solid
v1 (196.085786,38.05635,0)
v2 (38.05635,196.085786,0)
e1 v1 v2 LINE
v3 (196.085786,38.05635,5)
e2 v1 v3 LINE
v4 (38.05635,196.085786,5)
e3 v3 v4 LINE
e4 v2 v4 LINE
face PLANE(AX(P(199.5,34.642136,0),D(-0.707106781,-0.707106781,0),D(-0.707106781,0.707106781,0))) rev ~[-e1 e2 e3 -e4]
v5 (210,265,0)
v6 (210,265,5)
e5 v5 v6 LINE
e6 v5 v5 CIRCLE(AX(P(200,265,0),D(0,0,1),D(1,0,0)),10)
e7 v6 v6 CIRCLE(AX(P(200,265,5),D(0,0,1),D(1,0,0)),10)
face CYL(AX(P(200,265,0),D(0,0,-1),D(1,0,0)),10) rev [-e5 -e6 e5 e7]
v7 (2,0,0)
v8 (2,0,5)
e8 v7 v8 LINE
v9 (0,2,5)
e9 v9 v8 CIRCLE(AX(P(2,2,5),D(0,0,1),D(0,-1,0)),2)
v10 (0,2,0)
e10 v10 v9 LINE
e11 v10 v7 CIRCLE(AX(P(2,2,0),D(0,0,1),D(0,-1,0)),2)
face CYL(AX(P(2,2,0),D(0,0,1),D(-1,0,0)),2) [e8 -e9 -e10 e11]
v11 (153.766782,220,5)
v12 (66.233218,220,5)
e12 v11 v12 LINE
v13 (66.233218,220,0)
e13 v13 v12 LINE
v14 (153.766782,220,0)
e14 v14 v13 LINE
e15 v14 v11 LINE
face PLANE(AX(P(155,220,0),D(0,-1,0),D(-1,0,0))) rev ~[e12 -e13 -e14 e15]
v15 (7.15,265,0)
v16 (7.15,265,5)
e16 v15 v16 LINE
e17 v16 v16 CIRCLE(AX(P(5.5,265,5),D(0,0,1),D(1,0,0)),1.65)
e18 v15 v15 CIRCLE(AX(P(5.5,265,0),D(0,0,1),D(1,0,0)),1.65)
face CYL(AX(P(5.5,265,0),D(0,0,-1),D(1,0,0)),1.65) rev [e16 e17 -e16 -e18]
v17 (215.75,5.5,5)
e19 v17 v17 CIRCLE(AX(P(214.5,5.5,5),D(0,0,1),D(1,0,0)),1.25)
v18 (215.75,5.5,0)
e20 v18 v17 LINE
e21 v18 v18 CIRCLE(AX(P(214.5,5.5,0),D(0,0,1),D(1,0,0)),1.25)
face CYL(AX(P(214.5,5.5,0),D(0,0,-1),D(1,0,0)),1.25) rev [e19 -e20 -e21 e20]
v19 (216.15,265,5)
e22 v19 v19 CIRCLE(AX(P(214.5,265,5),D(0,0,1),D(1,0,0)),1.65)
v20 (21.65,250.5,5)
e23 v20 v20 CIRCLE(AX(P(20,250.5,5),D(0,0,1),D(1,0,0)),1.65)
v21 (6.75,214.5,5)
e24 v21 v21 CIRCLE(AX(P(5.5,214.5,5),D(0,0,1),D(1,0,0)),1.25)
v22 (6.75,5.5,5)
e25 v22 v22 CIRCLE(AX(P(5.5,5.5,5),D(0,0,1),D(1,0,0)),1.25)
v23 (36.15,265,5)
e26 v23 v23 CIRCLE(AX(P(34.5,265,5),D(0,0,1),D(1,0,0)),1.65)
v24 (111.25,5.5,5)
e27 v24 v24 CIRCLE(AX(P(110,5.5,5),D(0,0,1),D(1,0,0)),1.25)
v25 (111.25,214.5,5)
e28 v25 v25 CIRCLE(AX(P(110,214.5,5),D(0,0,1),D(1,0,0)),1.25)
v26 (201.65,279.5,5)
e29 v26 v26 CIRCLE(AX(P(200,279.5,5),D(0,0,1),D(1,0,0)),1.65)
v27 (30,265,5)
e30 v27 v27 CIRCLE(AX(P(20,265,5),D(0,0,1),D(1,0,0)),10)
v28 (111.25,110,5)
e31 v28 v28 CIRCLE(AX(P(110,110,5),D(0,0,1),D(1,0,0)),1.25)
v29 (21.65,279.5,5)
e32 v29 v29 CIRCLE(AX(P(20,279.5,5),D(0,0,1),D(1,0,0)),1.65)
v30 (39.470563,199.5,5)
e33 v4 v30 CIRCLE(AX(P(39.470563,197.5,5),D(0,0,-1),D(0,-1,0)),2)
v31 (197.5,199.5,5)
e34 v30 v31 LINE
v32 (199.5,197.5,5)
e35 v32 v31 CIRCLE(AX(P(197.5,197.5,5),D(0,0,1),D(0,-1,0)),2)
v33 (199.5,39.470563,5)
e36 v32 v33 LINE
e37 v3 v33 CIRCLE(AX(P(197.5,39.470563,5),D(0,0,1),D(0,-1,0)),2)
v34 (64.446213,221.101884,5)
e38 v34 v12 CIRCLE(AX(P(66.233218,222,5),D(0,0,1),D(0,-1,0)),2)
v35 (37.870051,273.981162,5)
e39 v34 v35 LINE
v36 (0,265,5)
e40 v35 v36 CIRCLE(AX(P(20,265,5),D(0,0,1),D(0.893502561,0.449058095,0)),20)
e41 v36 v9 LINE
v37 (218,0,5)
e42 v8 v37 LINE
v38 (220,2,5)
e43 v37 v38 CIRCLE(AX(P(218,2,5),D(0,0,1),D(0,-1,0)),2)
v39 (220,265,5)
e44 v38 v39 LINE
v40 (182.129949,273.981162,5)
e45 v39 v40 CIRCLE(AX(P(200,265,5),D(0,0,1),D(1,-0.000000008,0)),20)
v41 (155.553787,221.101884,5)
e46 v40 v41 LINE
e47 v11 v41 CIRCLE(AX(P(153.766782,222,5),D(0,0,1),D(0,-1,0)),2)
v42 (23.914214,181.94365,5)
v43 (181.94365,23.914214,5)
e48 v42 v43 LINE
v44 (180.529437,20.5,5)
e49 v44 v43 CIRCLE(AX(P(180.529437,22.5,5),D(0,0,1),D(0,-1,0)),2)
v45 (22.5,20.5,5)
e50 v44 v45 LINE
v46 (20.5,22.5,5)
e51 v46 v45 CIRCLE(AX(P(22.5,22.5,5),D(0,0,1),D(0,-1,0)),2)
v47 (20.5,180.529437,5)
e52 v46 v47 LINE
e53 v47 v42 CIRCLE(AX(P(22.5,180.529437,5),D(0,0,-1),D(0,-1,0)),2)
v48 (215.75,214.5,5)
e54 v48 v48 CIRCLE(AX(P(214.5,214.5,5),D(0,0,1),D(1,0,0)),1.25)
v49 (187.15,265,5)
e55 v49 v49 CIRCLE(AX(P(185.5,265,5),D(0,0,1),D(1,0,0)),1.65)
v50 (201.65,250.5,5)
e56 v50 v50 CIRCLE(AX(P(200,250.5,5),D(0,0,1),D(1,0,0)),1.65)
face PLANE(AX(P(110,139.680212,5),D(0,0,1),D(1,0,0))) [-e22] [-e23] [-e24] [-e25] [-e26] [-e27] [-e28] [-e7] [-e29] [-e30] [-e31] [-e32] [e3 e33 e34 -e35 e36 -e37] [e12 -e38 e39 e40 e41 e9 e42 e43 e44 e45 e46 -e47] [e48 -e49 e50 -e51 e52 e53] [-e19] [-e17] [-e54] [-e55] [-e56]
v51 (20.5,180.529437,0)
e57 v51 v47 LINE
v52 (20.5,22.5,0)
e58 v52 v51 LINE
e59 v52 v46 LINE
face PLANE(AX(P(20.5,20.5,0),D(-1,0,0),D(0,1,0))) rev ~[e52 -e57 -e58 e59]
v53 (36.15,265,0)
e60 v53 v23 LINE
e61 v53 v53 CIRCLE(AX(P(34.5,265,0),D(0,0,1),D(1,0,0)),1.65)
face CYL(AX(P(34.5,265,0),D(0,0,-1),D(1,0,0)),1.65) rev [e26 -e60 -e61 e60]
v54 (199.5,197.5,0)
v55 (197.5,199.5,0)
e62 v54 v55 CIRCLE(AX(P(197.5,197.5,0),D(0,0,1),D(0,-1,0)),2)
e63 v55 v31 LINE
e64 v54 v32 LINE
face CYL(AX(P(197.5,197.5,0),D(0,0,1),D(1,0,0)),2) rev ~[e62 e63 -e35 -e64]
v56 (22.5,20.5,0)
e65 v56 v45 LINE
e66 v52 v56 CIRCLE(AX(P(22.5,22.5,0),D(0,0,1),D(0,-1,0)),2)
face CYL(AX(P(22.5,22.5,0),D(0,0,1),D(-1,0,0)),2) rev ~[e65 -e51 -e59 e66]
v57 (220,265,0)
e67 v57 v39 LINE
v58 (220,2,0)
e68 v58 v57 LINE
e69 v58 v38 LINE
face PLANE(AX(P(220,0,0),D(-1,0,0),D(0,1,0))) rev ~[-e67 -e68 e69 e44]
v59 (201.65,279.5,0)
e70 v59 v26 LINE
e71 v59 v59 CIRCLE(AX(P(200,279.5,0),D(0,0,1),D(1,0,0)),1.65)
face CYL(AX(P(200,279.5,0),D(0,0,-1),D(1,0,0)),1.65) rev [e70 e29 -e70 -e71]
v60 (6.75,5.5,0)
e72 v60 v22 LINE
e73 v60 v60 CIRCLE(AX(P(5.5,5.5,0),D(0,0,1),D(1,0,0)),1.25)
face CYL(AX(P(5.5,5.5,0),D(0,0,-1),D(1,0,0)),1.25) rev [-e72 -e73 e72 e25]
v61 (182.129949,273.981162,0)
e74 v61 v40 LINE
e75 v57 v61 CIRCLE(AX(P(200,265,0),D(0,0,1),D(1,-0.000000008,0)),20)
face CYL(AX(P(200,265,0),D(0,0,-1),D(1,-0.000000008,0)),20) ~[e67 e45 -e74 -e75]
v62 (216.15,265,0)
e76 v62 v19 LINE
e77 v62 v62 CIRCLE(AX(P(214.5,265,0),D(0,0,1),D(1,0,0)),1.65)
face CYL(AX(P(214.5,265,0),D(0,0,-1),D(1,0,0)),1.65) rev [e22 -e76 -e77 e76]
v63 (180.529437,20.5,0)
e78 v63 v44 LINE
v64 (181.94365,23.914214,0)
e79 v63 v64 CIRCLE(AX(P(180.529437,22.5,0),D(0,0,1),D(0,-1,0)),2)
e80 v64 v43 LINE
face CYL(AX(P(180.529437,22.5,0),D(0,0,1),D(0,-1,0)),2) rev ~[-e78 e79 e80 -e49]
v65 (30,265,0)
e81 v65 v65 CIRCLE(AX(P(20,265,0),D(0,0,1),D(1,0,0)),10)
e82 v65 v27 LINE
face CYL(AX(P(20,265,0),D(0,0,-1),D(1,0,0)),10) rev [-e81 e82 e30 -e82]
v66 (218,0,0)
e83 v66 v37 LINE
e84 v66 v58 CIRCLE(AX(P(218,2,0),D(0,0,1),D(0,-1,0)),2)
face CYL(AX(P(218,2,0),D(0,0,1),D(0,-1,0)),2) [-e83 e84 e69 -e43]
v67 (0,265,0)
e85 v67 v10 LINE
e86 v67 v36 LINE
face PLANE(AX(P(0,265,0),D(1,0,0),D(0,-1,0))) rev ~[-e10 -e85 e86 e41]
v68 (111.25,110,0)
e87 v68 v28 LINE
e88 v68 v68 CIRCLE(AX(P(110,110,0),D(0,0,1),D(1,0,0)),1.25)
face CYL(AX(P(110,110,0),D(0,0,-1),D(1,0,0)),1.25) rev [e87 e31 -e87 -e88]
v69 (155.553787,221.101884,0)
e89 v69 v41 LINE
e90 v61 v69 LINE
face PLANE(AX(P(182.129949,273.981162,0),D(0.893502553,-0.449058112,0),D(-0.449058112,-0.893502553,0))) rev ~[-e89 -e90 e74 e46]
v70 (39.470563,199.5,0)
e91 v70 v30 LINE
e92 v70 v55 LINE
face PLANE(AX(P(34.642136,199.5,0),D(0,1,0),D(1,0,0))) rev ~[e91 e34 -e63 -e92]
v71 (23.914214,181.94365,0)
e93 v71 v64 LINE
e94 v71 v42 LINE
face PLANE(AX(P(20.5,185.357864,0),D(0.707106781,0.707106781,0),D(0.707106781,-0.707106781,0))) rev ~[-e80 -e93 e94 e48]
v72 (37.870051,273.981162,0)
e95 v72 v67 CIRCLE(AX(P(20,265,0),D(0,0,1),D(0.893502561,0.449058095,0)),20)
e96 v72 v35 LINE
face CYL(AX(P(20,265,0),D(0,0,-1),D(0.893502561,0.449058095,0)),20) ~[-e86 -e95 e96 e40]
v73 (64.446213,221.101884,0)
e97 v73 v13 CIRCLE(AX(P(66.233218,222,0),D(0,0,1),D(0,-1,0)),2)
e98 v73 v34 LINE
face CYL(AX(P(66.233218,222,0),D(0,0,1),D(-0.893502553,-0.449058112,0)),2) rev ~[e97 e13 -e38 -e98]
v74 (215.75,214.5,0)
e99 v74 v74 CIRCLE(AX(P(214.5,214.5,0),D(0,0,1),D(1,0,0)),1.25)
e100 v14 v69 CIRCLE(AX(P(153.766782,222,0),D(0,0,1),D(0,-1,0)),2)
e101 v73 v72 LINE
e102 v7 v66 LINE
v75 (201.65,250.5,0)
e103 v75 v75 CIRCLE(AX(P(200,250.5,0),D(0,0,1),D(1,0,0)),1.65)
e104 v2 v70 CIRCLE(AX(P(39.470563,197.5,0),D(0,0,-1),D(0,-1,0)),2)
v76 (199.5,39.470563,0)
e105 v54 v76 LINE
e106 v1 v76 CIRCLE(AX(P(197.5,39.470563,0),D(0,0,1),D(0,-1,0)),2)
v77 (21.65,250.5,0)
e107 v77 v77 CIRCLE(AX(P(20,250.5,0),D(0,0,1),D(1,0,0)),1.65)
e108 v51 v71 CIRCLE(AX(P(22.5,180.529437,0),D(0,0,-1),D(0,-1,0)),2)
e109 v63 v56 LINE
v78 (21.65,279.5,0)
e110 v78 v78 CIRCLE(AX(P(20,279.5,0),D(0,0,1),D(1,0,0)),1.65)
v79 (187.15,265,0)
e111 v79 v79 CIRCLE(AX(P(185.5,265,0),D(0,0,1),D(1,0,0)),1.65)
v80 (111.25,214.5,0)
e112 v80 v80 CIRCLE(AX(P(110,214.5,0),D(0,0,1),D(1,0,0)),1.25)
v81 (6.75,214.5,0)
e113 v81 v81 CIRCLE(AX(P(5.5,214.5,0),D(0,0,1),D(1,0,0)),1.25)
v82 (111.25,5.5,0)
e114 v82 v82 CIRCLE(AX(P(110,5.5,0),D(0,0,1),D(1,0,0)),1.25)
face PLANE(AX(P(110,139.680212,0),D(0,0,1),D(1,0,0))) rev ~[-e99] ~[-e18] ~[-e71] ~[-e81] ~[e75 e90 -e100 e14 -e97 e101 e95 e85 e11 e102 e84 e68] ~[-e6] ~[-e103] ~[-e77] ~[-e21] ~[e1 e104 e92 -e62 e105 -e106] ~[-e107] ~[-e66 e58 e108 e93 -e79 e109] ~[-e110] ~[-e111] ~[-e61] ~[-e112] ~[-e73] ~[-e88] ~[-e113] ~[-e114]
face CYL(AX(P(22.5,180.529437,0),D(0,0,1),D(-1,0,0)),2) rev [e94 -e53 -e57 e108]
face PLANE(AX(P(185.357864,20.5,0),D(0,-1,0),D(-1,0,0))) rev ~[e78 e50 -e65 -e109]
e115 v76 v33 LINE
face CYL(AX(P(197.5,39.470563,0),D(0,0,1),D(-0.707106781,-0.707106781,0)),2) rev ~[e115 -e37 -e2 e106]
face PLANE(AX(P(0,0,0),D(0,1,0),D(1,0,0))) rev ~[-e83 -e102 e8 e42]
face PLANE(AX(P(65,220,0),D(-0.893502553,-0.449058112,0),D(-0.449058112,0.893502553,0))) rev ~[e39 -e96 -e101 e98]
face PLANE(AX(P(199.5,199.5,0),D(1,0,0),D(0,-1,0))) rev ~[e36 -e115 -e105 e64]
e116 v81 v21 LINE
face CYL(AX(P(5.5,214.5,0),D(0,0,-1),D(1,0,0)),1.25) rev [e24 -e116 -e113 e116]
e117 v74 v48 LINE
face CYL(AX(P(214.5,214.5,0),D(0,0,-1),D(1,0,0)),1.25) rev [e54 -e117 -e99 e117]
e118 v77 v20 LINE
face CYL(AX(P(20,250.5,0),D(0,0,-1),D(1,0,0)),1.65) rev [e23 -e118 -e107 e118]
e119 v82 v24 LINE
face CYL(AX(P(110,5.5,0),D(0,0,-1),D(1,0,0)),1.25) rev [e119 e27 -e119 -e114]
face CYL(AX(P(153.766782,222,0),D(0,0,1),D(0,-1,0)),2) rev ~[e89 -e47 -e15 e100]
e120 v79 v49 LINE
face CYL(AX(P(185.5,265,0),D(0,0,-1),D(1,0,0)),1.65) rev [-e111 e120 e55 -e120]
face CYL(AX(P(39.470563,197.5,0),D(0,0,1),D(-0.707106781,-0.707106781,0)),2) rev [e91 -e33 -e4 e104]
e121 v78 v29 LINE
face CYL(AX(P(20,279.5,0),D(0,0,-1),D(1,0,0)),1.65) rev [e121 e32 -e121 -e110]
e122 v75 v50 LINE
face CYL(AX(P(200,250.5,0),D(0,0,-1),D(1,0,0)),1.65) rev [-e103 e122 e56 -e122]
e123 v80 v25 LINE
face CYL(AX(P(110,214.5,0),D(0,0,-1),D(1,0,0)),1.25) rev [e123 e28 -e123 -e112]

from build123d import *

# Parameters (mm, degrees)
F0_R     = 1.25
F0_R_2   = 1.65
F0_R_3   = 10
F1_DEPTH = 5
F2_R     = 2


with BuildPart() as f1:
    # F0 (on Top) → F1 (new body)
    with BuildSketch(Plane.XY):
        with BuildLine():
            Line((0, 265), (0, 0))
            Line((0, 0), (220, 0))
            Line((220, 0), (220, 265))
            ThreePointArc((220, 265), (204.615137, 284.460229), (182.129949, 273.981162))
            Line((182.129949, 273.981162), (155, 220))
            Line((155, 220), (65, 220))
            Line((65, 220), (37.870051, 273.981162))
            ThreePointArc((37.870051, 273.981162), (15.384863, 284.460229), (0, 265))
        make_face()
        with Locations((5.5, 5.5)):
            Circle(F0_R, mode=Mode.SUBTRACT)
        Polygon((20.5, 185.357864), (185.357864, 20.5), (20.5, 20.5), align=None, mode=Mode.SUBTRACT)
        with Locations((110, 5.5)):
            Circle(F0_R, mode=Mode.SUBTRACT)
        with Locations((214.5, 5.5)):
            Circle(F0_R, mode=Mode.SUBTRACT)
        with Locations((110, 110)):
            Circle(F0_R, mode=Mode.SUBTRACT)
        Polygon((34.642136, 199.5), (199.5, 199.5), (199.5, 34.642136), align=None, mode=Mode.SUBTRACT)
        with Locations((5.5, 214.5)):
            Circle(F0_R, mode=Mode.SUBTRACT)
        with Locations((5.5, 265)):
            Circle(F0_R_2, mode=Mode.SUBTRACT)
        with Locations((20, 250.5)):
            Circle(F0_R_2, mode=Mode.SUBTRACT)
        with Locations((20, 265)):
            Circle(F0_R_3, mode=Mode.SUBTRACT)
        with Locations((20, 279.5)):
            Circle(F0_R_2, mode=Mode.SUBTRACT)
        with Locations((34.5, 265)):
            Circle(F0_R_2, mode=Mode.SUBTRACT)
        with Locations((110, 214.5)):
            Circle(F0_R, mode=Mode.SUBTRACT)
        with Locations((214.5, 214.5)):
            Circle(F0_R, mode=Mode.SUBTRACT)
        with Locations((185.5, 265)):
            Circle(F0_R_2, mode=Mode.SUBTRACT)
        with Locations((200, 250.5)):
            Circle(F0_R_2, mode=Mode.SUBTRACT)
        with Locations((200, 265)):
            Circle(F0_R_3, mode=Mode.SUBTRACT)
        with Locations((214.5, 265)):
            Circle(F0_R_2, mode=Mode.SUBTRACT)
        with Locations((200, 279.5)):
            Circle(F0_R_2, mode=Mode.SUBTRACT)
    extrude(amount=F1_DEPTH)

    # F2
    f2_edges = [f1.edges().sort_by_distance(p)[0] for p in [
        (65, 220, 2.5),
        (155, 220, 2.5),
        (220, 0, 2.5),
        (0, 0, 2.5),
        (34.642136, 199.5, 2.5),
        (199.5, 199.5, 2.5),
        (199.5, 34.642136, 2.5),
        (20.5, 185.357864, 2.5),
        (185.357864, 20.5, 2.5),
        (20.5, 20.5, 2.5),
    ]]
    fillet(f2_edges, radius=F2_R)


solid = f1.part
